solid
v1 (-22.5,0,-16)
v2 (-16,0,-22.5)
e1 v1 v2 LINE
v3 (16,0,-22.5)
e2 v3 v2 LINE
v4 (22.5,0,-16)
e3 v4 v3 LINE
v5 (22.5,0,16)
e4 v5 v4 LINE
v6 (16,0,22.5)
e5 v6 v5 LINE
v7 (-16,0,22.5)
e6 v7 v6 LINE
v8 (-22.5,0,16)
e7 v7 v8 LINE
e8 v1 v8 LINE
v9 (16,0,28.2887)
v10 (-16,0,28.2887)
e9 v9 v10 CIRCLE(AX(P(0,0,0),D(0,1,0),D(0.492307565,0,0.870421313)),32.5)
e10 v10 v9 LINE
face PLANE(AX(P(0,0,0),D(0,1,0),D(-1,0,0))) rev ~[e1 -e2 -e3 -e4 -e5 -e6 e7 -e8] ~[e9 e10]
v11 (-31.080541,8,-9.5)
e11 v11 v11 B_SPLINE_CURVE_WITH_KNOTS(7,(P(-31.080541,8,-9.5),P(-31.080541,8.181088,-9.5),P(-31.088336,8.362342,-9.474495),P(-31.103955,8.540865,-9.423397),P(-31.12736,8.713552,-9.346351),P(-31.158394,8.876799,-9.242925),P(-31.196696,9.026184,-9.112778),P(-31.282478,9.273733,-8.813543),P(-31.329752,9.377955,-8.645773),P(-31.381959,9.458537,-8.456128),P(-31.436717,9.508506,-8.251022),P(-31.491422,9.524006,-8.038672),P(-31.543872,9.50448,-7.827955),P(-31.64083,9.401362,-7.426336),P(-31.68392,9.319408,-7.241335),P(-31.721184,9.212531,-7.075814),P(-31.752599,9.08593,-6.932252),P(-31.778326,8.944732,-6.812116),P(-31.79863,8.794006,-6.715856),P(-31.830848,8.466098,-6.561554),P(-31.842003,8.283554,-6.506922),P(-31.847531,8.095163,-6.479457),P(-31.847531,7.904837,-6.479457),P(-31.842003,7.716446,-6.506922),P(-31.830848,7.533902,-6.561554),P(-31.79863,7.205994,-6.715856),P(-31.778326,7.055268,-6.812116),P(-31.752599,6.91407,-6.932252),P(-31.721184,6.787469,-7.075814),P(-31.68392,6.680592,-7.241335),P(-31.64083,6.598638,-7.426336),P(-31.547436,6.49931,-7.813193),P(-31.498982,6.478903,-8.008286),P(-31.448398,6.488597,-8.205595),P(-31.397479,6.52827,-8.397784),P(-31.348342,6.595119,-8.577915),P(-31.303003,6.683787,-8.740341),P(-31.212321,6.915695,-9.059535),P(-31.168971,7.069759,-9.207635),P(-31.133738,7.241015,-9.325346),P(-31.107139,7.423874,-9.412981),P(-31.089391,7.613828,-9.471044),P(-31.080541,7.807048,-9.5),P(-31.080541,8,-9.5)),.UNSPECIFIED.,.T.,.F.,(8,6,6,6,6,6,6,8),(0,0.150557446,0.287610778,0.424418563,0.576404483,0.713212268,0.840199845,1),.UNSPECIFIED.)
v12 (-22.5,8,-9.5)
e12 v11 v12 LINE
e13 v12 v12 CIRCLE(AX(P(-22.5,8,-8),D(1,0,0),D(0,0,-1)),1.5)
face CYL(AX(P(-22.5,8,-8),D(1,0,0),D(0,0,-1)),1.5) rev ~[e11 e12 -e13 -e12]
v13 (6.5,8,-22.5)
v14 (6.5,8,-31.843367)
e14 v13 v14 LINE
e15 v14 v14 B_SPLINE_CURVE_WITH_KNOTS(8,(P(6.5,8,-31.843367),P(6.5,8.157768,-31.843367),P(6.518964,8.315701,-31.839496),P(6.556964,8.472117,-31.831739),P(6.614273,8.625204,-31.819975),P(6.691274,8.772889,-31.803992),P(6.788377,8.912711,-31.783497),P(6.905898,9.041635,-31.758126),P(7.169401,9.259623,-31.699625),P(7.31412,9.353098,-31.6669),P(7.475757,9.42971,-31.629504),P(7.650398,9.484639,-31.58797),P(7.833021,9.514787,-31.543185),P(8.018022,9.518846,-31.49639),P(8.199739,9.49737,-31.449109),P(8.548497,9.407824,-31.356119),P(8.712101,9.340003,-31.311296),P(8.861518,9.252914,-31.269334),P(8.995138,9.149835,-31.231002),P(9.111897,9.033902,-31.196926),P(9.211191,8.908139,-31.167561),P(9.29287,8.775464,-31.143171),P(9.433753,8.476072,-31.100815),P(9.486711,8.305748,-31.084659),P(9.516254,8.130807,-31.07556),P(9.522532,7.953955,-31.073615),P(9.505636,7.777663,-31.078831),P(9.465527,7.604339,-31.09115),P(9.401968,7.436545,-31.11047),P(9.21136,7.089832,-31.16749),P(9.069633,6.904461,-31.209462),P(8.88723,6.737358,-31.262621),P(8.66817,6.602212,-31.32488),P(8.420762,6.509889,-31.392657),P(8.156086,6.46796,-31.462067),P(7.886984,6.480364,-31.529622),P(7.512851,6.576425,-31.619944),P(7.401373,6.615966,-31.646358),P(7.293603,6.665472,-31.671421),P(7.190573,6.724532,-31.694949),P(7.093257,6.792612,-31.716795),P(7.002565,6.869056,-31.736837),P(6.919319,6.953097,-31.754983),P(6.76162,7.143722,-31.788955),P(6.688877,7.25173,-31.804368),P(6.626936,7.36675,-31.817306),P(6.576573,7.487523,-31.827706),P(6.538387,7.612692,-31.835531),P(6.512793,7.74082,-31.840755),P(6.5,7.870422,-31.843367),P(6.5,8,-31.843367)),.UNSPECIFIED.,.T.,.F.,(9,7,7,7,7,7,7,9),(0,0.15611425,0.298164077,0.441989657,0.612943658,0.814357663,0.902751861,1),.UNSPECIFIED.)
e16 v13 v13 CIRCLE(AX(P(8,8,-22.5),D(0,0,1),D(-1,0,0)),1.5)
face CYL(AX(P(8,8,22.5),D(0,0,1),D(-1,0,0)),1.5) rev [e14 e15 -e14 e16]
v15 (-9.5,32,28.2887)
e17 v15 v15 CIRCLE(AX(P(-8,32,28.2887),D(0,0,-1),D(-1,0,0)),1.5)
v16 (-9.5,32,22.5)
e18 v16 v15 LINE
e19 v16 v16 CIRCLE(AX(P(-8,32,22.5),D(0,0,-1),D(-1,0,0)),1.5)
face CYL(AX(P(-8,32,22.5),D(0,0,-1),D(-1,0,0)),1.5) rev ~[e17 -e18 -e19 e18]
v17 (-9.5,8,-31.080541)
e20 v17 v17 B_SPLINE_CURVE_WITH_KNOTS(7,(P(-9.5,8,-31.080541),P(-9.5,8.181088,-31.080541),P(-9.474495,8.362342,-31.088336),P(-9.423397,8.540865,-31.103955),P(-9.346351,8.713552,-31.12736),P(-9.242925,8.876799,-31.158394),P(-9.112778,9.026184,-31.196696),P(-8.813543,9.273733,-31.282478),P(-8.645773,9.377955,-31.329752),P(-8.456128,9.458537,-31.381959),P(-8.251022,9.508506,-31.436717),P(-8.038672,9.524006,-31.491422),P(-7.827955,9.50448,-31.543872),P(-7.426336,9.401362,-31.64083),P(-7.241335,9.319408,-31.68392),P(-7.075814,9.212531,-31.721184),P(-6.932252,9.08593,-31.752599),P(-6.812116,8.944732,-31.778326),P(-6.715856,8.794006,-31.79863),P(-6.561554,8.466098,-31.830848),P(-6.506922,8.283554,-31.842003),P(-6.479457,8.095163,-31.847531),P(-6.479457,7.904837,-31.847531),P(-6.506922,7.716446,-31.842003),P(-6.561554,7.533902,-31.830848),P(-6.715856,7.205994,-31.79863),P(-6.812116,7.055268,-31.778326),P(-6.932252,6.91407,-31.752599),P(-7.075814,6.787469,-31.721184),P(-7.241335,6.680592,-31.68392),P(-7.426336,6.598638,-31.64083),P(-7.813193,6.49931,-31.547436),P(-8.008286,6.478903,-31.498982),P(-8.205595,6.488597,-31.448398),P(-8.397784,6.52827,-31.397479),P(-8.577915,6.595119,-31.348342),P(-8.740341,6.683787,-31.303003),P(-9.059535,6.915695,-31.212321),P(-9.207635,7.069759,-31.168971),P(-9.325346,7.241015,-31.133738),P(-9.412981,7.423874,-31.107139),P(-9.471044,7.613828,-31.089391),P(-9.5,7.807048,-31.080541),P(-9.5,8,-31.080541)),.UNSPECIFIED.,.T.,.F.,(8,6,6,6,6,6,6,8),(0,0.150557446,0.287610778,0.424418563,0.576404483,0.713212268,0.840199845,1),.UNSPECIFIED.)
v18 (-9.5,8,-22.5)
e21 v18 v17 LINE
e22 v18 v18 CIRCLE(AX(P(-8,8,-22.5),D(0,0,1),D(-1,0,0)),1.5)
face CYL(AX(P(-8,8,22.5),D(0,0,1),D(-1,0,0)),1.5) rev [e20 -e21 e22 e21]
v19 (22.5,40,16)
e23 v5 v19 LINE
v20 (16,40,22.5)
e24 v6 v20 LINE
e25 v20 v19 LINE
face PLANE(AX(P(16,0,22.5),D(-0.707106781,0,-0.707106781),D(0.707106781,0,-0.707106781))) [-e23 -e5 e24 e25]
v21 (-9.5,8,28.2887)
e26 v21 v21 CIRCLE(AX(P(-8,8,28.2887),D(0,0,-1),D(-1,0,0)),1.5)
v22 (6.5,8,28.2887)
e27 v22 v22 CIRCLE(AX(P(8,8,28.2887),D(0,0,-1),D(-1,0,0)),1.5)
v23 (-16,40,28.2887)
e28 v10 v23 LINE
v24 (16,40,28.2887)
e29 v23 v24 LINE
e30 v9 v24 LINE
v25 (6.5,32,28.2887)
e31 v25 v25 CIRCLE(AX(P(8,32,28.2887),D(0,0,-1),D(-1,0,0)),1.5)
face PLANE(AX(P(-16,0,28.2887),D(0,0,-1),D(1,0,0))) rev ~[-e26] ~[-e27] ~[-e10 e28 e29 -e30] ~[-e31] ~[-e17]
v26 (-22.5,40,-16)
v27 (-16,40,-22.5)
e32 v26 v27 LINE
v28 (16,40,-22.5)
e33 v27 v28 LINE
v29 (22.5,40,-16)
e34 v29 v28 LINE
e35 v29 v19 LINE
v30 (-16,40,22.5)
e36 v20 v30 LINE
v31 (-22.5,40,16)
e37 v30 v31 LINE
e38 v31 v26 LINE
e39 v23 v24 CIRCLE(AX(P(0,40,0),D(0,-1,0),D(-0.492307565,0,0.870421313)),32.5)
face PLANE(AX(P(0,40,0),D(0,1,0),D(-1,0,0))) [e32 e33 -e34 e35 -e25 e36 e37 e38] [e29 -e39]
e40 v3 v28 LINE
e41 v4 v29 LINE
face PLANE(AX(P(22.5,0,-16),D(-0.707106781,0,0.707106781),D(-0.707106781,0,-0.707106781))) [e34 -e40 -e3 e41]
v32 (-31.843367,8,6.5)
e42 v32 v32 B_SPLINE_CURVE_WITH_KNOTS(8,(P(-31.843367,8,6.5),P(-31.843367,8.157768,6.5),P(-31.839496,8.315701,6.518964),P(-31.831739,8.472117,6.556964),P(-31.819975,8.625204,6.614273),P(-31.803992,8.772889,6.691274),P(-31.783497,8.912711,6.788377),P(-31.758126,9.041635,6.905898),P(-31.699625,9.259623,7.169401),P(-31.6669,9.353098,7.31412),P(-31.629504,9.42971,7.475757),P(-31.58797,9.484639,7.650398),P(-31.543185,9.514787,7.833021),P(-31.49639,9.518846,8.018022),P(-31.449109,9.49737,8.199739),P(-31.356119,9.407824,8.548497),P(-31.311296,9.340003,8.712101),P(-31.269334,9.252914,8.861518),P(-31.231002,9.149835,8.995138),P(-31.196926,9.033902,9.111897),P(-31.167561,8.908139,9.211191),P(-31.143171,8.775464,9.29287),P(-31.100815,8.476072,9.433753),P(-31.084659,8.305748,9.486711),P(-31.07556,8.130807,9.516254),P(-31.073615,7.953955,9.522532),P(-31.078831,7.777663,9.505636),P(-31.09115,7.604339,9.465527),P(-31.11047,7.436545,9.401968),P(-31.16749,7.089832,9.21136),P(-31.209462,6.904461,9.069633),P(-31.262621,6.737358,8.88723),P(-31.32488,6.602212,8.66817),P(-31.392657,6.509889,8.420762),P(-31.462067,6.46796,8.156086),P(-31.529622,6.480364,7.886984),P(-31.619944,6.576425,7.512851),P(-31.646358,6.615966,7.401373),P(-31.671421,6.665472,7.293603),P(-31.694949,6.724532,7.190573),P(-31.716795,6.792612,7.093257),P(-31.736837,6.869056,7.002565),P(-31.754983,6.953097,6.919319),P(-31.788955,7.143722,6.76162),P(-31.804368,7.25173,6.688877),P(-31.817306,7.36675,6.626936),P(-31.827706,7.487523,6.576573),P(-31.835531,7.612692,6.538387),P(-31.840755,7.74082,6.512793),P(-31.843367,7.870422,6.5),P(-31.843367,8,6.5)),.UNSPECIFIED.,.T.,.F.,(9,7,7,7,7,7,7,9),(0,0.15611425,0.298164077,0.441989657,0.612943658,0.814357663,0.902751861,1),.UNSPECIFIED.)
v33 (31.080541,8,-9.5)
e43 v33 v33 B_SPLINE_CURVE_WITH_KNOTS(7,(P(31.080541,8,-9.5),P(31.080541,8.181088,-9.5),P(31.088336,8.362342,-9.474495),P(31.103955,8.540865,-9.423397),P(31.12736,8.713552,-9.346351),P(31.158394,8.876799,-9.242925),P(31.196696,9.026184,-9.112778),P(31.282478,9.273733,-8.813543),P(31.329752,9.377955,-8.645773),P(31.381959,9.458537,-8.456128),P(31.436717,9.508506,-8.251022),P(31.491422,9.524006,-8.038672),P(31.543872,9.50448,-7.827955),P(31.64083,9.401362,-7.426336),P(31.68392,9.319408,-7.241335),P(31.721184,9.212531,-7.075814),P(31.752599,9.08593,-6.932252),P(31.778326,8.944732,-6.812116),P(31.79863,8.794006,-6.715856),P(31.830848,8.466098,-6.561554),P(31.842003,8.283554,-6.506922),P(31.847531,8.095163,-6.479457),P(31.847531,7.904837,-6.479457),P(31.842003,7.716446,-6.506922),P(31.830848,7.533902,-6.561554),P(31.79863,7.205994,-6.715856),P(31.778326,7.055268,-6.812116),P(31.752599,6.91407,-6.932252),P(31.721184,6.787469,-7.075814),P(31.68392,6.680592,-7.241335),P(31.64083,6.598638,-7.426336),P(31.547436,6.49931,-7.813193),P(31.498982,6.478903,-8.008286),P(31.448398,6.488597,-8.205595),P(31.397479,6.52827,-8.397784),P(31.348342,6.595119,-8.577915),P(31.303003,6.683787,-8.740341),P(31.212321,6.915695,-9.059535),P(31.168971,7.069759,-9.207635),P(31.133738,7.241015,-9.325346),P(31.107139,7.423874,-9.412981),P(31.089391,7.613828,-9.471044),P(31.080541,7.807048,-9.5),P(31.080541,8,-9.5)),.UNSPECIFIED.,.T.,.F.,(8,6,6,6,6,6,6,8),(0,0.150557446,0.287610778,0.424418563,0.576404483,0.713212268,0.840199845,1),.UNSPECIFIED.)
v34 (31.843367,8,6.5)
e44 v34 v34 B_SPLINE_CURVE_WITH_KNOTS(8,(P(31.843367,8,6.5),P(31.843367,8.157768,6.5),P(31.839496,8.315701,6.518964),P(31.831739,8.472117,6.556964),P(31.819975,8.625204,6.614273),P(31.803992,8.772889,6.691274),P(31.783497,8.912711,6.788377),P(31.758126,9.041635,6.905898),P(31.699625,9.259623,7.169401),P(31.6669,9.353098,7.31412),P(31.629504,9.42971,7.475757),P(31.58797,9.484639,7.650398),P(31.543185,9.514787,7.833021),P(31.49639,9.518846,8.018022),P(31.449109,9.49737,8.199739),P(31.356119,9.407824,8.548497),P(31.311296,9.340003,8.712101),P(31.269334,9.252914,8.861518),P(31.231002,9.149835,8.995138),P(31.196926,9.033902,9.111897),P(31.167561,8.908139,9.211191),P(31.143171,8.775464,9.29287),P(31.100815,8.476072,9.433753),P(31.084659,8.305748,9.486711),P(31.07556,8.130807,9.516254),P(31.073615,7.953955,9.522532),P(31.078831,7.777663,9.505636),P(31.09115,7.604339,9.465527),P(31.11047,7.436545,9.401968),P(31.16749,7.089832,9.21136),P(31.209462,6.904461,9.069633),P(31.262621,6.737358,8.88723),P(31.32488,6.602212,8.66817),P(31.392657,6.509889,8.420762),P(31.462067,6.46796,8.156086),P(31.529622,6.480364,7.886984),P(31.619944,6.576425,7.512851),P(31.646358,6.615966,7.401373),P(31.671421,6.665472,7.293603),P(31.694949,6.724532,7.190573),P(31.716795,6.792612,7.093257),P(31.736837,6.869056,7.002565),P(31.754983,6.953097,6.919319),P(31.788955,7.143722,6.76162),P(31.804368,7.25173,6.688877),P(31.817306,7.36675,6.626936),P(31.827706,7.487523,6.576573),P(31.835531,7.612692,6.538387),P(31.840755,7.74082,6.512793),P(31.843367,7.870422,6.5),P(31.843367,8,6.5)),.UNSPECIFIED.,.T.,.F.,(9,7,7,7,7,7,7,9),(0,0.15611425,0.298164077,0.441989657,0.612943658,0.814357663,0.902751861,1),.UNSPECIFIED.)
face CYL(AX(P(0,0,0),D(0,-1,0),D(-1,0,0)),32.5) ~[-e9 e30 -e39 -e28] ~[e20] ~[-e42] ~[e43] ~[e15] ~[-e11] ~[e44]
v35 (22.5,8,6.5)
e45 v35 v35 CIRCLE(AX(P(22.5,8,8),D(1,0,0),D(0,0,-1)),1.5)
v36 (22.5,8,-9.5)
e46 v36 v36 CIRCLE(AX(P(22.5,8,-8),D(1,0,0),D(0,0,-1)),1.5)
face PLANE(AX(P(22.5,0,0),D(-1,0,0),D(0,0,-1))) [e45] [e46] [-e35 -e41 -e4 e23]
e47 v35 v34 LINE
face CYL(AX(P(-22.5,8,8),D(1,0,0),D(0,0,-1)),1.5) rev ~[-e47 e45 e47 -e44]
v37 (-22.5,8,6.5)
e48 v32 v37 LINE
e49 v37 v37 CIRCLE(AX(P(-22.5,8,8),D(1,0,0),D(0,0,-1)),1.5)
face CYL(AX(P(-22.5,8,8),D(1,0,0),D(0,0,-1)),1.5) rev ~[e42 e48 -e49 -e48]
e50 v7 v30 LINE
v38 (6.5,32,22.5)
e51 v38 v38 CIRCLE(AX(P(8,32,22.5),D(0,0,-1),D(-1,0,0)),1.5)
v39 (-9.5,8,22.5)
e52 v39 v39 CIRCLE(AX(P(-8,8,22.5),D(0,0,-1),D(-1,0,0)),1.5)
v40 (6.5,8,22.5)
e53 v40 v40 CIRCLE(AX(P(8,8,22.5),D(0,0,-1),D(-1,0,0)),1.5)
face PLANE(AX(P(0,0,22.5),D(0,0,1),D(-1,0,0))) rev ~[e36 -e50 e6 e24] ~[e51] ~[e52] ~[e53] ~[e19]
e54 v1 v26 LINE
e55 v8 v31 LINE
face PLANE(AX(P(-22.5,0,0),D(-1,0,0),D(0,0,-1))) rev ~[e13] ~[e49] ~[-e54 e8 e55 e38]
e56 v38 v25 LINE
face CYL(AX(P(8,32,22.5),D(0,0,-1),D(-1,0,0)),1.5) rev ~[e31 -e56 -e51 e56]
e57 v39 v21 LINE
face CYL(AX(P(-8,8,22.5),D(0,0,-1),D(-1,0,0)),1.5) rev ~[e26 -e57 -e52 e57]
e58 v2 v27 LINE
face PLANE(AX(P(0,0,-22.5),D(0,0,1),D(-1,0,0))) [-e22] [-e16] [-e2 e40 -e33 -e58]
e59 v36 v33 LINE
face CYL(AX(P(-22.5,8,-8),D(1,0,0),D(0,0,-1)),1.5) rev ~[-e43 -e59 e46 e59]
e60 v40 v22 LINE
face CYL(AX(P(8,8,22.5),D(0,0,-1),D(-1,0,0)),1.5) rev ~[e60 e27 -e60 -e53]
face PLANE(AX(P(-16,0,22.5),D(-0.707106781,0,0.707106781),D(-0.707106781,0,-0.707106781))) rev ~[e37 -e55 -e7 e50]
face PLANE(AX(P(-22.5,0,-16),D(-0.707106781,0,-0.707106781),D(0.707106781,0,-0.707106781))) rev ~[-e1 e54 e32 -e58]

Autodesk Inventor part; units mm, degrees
ref_plane "YZ Plane" through (0, 0, 0) normal (1, 0, 0) x (0, 1, 0)
ref_plane "XZ Plane" through (0, 0, 0) normal (0, 1, 0) x (-1, 0, 0)
ref_plane "XY Plane" through (0, 0, 0) normal (0, 0, 1) x (1, 0, 0)
sketch "Boceto1" plane through (0, 0, 0) normal (0, 1, 0) x (-1, 0, 0)
  circle A0 centre (0, 0) radius 32.5
  line L0 (0, -22.5) -> (16, -22.5)
  line L1 (0, -22.5) -> (-16, -22.5)
  line L2 (-22.5, 0) -> (-22.5, -16)
  line L3 (-22.5, 0) -> (-22.5, 16)
  line L4 (0, 22.5) -> (16, 22.5)
  line L5 (0, 22.5) -> (-16, 22.5)
  line L6 (-16, 22.5) -> (-22.5, 16)
  line L7 (-22.5, -16) -> (-16, -22.5)
  line L8 (22.5, 0) -> (22.5, 16)
  line L9 (22.5, 0) -> (22.5, -16)
  line L10 (22.5, -16) -> (16, -22.5)
  line L11 (16, 22.5) -> (22.5, 16)
extrude "Extrusión1" add sketch "Boceto1" along normal blind 40
sketch "Boceto14" plane through (0, 0, 0) normal (0, -1, 0) x (1, 0, 0)
  line L0 (-16, 28.2887) -> (16, 28.2887)
  arc A0 (16, 28.2887) -> (-16, 28.2887) centre (0, 0) ccw
  point P0 (16, 22.5)
  point P1 (-16, 22.5)
extrude "Extrusión10" cut sketch "Boceto14" against normal blind 40
sketch "Boceto15" plane through (-22.5, 0, 16) normal (1, 0, 0) x (0, 0, -1)
  circle A0 centre (8, 8) radius 1.5
  circle A1 centre (24, 8) radius 1.5
  point P0 (16, 0)
  point P1 (0, 0)
  dimension "d80" = 3
  dimension "d81" = 3
extrude "Extrusión11" cut sketch "Boceto15" against normal mid plane 200
sketch "Boceto16" plane through (16, 0, 22.5) normal (0, 0, -1) x (-1, 0, 0)
  line L0 (-6.5, 0) -> (0, 0) projected
  circle A0 centre (8, 8) radius 1.5
  circle A1 centre (24, 8) radius 1.5
  point P0 (16, 0)
  dimension "d88" = 3
  dimension "d89" = 3
extrude "Extrusión12" cut sketch "Boceto16" along normal mid plane 200
sketch "Boceto17" plane through (16, 0, 22.5) normal (0, 0, -1) x (-1, 0, 0)
  circle A0 centre (8, 32) radius 1.5
  circle A1 centre (24, 32) radius 1.5
  point P0 (16, 0)
  point P1 (0, 40)
  dimension "d95" = 3
  dimension "d96" = 3
extrude "Extrusión13" cut sketch "Boceto17" against normal blind 200
properties part number "brazo_articulado_2" material "Plástico ABS"
